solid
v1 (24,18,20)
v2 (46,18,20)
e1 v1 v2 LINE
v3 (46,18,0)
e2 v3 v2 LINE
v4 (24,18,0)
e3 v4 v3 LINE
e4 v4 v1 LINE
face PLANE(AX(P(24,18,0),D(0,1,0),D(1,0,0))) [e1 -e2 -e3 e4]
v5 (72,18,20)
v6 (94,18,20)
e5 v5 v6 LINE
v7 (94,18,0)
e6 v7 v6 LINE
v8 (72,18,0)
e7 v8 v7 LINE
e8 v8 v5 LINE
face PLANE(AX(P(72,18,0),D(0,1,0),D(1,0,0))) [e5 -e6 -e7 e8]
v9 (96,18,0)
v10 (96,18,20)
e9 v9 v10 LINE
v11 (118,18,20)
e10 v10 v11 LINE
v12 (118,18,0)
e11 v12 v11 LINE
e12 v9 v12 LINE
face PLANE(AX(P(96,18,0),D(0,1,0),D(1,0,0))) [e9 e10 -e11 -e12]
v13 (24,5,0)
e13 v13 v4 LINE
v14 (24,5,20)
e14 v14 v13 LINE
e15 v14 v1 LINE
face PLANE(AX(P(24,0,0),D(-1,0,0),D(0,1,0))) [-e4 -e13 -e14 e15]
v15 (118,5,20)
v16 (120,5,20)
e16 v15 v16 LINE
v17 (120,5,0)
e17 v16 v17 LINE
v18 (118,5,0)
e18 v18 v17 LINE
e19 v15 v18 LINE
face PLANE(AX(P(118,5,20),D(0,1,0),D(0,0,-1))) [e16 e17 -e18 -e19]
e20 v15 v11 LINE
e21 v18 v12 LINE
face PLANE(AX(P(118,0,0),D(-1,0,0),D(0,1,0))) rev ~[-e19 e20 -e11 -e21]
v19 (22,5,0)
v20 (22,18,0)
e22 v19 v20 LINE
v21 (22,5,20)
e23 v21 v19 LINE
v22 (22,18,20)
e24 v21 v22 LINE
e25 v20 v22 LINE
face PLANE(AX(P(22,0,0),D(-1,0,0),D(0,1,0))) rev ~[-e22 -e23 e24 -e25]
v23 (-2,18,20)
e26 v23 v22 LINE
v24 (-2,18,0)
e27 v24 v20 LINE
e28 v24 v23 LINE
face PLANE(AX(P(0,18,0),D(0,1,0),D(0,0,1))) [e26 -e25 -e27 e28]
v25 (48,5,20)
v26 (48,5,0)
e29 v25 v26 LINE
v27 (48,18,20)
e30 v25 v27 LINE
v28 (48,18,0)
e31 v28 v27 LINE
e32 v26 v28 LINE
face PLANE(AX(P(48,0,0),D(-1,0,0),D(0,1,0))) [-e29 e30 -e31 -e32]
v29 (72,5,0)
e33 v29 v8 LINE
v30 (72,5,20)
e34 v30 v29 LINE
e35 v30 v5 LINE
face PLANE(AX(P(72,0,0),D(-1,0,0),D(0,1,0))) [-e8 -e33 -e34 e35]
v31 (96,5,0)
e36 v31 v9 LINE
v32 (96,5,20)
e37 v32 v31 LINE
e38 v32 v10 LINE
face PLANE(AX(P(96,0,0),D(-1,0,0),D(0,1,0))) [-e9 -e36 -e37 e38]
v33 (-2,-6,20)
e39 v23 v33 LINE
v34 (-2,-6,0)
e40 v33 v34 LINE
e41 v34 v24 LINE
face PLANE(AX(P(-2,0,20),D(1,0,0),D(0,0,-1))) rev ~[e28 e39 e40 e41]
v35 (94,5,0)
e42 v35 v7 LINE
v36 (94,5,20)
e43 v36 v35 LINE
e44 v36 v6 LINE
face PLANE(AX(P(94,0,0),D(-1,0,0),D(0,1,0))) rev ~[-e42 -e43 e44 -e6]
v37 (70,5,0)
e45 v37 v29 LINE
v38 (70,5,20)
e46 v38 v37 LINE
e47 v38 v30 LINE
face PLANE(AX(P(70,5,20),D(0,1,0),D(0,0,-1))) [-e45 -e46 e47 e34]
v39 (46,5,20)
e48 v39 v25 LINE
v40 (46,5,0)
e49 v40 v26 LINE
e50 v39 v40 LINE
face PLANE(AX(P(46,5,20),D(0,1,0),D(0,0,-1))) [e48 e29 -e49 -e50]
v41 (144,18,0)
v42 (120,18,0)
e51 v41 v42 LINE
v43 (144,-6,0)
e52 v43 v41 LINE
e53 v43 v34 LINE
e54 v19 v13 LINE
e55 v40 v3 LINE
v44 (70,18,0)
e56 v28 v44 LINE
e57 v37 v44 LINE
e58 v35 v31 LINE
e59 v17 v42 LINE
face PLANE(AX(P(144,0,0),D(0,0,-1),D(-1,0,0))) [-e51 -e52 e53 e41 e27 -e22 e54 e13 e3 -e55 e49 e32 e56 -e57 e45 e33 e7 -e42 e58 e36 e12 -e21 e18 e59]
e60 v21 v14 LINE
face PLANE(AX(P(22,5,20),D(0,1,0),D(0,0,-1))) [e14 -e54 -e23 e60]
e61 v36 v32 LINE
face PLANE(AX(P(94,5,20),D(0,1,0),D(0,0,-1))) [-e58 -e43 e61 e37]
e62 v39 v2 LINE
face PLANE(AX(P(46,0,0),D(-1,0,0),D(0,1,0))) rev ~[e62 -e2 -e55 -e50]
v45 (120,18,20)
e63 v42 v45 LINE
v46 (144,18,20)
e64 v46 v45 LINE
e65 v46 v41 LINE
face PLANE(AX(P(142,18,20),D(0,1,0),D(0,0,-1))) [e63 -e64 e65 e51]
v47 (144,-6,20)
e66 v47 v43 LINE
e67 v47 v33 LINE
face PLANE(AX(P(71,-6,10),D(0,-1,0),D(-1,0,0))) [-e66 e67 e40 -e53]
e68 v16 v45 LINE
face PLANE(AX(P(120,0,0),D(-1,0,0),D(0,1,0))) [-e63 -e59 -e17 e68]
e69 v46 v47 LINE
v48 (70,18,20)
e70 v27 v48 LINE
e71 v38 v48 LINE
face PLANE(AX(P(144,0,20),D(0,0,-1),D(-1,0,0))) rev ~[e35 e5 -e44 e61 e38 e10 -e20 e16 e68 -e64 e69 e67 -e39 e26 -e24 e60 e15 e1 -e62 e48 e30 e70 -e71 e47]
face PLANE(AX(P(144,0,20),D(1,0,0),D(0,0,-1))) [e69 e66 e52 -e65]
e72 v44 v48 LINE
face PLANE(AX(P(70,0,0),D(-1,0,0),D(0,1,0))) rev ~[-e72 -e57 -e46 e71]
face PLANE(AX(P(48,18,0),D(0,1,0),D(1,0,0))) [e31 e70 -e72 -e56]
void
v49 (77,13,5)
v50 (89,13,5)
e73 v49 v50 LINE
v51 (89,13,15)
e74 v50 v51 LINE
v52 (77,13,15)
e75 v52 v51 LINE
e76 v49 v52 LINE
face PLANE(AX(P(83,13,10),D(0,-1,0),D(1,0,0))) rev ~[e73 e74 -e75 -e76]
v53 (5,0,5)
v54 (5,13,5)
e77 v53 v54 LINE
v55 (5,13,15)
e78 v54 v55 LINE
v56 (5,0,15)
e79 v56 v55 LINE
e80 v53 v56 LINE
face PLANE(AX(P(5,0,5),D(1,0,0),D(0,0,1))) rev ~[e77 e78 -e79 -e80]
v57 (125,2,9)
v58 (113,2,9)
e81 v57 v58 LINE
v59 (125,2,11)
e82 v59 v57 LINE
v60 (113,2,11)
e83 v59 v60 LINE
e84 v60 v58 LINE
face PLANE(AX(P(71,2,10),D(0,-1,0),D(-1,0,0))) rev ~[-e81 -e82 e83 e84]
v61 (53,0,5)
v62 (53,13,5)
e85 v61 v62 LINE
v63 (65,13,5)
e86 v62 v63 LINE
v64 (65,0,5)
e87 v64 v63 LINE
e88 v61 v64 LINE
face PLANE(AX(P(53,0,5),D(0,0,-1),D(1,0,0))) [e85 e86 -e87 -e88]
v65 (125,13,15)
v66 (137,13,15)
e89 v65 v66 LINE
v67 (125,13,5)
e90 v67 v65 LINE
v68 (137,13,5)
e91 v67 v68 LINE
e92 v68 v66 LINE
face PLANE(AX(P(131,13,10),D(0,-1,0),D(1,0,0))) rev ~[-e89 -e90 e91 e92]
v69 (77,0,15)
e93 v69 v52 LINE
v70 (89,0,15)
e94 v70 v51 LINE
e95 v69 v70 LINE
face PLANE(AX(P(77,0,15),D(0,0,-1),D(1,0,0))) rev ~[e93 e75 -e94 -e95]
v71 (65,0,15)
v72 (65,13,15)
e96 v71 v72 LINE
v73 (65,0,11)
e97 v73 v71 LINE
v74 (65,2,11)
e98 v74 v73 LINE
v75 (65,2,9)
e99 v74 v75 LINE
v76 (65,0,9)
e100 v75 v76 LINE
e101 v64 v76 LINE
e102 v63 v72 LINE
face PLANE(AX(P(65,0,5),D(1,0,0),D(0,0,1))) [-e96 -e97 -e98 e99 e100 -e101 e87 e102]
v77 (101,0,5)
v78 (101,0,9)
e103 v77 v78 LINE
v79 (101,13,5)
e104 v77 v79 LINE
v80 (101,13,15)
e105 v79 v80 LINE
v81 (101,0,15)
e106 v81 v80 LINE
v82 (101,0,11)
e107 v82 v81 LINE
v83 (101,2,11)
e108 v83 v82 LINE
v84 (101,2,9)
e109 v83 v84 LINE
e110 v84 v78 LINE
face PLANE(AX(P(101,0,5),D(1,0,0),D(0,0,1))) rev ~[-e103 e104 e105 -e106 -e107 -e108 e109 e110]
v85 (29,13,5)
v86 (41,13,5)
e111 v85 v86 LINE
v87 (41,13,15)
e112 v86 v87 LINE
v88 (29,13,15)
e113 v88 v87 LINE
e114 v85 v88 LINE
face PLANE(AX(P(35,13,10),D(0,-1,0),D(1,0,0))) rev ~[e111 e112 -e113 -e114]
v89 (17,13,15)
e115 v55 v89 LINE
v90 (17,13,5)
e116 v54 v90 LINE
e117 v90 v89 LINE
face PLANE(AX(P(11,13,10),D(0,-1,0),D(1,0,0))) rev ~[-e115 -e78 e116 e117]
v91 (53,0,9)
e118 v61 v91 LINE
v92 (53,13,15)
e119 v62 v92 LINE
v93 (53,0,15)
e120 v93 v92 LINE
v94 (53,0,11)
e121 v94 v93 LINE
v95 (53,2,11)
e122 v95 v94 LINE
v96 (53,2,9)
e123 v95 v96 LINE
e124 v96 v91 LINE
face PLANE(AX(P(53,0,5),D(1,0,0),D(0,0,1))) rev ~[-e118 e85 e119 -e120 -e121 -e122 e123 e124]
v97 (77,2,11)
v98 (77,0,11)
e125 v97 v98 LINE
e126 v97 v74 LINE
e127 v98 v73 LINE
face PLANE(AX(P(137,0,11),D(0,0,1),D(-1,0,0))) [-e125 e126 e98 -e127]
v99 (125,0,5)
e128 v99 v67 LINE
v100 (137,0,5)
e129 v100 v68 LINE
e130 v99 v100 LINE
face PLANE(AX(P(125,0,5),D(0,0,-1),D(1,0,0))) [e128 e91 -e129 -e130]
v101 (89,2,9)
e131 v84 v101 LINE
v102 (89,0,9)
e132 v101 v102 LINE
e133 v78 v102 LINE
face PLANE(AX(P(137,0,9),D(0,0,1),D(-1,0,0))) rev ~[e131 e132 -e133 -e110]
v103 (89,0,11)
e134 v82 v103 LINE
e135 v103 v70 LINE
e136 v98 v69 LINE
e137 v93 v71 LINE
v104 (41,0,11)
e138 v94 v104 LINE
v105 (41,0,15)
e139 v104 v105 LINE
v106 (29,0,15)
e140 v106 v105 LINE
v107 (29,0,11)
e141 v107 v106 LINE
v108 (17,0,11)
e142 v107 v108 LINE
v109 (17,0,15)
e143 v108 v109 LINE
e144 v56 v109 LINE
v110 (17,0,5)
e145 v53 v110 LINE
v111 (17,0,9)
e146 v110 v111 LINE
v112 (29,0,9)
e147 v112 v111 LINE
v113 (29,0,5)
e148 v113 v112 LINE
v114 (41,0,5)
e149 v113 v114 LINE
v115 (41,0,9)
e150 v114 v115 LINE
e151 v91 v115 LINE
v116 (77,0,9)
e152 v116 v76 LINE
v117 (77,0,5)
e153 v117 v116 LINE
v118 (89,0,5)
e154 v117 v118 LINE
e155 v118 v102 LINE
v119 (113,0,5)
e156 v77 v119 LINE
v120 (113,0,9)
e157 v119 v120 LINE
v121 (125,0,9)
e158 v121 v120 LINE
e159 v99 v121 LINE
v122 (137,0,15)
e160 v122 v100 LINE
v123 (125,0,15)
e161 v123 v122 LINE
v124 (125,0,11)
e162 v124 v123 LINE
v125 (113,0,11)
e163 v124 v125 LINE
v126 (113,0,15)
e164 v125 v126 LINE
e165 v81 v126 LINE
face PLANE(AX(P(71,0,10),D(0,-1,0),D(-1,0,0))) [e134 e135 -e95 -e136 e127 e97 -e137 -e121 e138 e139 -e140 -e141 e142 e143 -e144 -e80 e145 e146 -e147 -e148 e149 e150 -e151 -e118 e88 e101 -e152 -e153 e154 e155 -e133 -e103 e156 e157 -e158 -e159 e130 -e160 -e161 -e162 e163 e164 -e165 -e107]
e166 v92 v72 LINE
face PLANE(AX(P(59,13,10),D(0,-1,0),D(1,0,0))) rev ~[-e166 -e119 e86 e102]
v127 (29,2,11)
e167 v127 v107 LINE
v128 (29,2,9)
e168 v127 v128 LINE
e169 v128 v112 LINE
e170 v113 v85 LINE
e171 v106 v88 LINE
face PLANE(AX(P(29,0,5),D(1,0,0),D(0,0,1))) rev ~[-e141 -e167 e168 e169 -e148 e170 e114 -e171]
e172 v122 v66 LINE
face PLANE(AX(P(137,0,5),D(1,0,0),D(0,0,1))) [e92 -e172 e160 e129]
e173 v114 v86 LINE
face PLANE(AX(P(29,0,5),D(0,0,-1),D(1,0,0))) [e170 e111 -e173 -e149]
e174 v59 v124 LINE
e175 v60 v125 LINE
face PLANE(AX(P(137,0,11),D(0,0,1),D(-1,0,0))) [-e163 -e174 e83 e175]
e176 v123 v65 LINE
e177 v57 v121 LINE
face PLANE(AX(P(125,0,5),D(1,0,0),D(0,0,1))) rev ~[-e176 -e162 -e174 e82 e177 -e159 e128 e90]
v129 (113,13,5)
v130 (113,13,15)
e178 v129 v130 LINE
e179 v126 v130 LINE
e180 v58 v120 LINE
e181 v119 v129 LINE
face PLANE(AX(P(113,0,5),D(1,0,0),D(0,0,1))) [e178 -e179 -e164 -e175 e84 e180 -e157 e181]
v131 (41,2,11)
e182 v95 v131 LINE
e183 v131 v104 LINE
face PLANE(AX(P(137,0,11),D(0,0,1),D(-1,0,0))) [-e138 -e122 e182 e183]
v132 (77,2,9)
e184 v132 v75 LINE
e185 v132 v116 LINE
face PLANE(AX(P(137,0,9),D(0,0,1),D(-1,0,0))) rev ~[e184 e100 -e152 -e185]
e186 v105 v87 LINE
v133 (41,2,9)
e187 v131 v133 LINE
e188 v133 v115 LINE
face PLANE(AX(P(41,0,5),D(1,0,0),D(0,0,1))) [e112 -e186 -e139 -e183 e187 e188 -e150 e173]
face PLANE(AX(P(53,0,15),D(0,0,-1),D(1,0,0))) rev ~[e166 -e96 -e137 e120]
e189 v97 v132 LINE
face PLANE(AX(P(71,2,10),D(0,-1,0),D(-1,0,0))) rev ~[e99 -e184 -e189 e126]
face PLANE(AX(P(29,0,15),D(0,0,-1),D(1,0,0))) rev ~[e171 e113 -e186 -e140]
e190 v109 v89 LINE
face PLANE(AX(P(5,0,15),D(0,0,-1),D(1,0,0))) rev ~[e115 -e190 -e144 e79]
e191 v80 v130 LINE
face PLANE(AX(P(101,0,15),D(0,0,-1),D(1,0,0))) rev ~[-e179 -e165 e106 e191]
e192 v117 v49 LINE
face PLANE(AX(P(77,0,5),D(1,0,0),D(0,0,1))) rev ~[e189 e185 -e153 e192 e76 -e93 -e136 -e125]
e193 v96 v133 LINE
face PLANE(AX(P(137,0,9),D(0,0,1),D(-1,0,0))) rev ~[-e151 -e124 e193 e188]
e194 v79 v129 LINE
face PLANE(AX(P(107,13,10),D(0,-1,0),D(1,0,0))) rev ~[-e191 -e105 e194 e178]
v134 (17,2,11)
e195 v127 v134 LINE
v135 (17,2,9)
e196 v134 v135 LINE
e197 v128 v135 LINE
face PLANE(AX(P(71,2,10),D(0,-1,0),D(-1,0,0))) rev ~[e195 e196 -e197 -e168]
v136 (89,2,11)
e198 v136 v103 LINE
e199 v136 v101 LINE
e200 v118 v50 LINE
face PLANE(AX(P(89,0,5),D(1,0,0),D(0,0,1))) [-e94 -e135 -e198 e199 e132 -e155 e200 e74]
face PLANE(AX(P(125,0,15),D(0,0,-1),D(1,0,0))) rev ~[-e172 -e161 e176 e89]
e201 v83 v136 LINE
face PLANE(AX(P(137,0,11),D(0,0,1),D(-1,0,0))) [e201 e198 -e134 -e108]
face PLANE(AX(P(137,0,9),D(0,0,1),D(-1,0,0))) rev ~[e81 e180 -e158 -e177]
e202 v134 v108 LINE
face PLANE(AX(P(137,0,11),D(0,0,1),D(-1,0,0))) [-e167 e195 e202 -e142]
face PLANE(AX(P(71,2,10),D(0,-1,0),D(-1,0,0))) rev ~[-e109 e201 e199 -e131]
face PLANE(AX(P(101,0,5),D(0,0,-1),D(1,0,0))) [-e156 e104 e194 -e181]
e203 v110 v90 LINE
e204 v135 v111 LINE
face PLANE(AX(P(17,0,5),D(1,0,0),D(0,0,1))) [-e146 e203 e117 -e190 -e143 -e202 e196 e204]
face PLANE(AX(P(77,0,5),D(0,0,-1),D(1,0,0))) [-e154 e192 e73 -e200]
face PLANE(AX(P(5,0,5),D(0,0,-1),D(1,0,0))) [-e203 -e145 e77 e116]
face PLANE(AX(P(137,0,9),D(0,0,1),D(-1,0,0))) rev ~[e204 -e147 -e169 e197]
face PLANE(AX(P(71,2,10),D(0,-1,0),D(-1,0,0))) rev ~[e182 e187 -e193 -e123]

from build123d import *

# Parameters (mm, degrees)
SKETCH1_W           = 22
SKETCH1_H           = 18
BOSS_EXTRUDE1_DEPTH = 20
SKETCH2_W           = 12
SKETCH2_H           = 10
CUT_EXTRUDE1_DEPTH  = 13
SKETCH3_W           = 20
SKETCH3_H           = 5
BOSS_EXTRUDE2_DEPTH = 2
LPATTERN1_COUNT     = 6
LPATTERN1_PITCH     = 24
SKETCH4_W           = 20
SKETCH4_H           = 13
BOSS_EXTRUDE3_DEPTH = 2
SKETCH5_W           = 20
SKETCH5_H           = 18
BOSS_EXTRUDE4_DEPTH = 2
SKETCH6_W           = 132
SKETCH6_H           = 2
CUT_EXTRUDE2_DEPTH  = 2
SKETCH7_W           = 146
SKETCH7_H           = 20
BOSS_EXTRUDE5_DEPTH = 6


with BuildPart() as part:
    # Sketch1 → Boss-Extrude1 (new body)
    with BuildSketch(Plane.XY):
        with Locations((11, 9)):
            Rectangle(SKETCH1_W, SKETCH1_H)
    extrude(amount=BOSS_EXTRUDE1_DEPTH)

    # Sketch2 → Cut-Extrude1 (cut)
    with BuildSketch(Plane.XZ):
        with Locations((11, 10)):
            Rectangle(SKETCH2_W, SKETCH2_H)
    extrude(amount=-CUT_EXTRUDE1_DEPTH, mode=Mode.SUBTRACT)

    # Sketch3 → Boss-Extrude2 (add)
    with BuildSketch(Plane(origin=(22, 0, 0), x_dir=(0, 0, -1), z_dir=(1, 0, 0))):
        with Locations((-10, 2.5)):
            Rectangle(SKETCH3_W, SKETCH3_H)
    extrude(amount=BOSS_EXTRUDE2_DEPTH)


with BuildPart() as lpattern1_1:
    # LPattern1: pattern copy
    add(part.part.moved(Location(Vector(1, 0, 0) * (1 * LPATTERN1_PITCH))))


with BuildPart() as lpattern1_2:
    # LPattern1: pattern copy
    add(part.part.moved(Location(Vector(1, 0, 0) * (2 * LPATTERN1_PITCH))))


with BuildPart() as lpattern1_3:
    # LPattern1: pattern copy
    add(part.part.moved(Location(Vector(1, 0, 0) * (3 * LPATTERN1_PITCH))))


with BuildPart() as lpattern1_4:
    # LPattern1: pattern copy
    add(part.part.moved(Location(Vector(1, 0, 0) * (4 * LPATTERN1_PITCH))))


with BuildPart() as lpattern1_5:
    # LPattern1: pattern copy
    add(part.part.moved(Location(Vector(1, 0, 0) * (5 * LPATTERN1_PITCH))))

    # Sketch4 → Boss-Extrude3 (add)
    with BuildSketch(Plane(origin=(142, 0, 0), x_dir=(0, 0, -1), z_dir=(1, 0, 0))):
        with Locations((-10, 11.5)):
            Rectangle(SKETCH4_W, SKETCH4_H)
    extrude(amount=BOSS_EXTRUDE3_DEPTH)


with BuildPart() as part_1:
    add(part.part)

    # Sketch5 → Boss-Extrude4 (add)
    with BuildSketch(Plane.ZY):
        with Locations((10, 9)):
            Rectangle(SKETCH5_W, SKETCH5_H)
    extrude(amount=BOSS_EXTRUDE4_DEPTH)


with BuildPart() as lpattern1_1_1:
    add(lpattern1_1.part)

    # Combine1: union LPattern1_2, LPattern1_3, LPattern1_4, LPattern1_5, part
    add(lpattern1_2.part)
    add(lpattern1_3.part)
    add(lpattern1_4.part)
    add(lpattern1_5.part)
    add(part_1.part)

    # Sketch6 → Cut-Extrude2 (cut)
    with BuildSketch(Plane(origin=(0, 0, 0), x_dir=(-1, 0, 0), z_dir=(0, -1, 0))):
        with Locations((-71, -10)):
            Rectangle(SKETCH6_W, SKETCH6_H)
    extrude(amount=-CUT_EXTRUDE2_DEPTH, mode=Mode.SUBTRACT)

    # Sketch7 → Boss-Extrude5 (add)
    with BuildSketch(Plane(origin=(0, 0, 0), x_dir=(-1, 0, 0), z_dir=(0, -1, 0))):
        with Locations((-71, -10)):
            Rectangle(SKETCH7_W, SKETCH7_H)
    extrude(amount=BOSS_EXTRUDE5_DEPTH)


solid = lpattern1_1_1.part
